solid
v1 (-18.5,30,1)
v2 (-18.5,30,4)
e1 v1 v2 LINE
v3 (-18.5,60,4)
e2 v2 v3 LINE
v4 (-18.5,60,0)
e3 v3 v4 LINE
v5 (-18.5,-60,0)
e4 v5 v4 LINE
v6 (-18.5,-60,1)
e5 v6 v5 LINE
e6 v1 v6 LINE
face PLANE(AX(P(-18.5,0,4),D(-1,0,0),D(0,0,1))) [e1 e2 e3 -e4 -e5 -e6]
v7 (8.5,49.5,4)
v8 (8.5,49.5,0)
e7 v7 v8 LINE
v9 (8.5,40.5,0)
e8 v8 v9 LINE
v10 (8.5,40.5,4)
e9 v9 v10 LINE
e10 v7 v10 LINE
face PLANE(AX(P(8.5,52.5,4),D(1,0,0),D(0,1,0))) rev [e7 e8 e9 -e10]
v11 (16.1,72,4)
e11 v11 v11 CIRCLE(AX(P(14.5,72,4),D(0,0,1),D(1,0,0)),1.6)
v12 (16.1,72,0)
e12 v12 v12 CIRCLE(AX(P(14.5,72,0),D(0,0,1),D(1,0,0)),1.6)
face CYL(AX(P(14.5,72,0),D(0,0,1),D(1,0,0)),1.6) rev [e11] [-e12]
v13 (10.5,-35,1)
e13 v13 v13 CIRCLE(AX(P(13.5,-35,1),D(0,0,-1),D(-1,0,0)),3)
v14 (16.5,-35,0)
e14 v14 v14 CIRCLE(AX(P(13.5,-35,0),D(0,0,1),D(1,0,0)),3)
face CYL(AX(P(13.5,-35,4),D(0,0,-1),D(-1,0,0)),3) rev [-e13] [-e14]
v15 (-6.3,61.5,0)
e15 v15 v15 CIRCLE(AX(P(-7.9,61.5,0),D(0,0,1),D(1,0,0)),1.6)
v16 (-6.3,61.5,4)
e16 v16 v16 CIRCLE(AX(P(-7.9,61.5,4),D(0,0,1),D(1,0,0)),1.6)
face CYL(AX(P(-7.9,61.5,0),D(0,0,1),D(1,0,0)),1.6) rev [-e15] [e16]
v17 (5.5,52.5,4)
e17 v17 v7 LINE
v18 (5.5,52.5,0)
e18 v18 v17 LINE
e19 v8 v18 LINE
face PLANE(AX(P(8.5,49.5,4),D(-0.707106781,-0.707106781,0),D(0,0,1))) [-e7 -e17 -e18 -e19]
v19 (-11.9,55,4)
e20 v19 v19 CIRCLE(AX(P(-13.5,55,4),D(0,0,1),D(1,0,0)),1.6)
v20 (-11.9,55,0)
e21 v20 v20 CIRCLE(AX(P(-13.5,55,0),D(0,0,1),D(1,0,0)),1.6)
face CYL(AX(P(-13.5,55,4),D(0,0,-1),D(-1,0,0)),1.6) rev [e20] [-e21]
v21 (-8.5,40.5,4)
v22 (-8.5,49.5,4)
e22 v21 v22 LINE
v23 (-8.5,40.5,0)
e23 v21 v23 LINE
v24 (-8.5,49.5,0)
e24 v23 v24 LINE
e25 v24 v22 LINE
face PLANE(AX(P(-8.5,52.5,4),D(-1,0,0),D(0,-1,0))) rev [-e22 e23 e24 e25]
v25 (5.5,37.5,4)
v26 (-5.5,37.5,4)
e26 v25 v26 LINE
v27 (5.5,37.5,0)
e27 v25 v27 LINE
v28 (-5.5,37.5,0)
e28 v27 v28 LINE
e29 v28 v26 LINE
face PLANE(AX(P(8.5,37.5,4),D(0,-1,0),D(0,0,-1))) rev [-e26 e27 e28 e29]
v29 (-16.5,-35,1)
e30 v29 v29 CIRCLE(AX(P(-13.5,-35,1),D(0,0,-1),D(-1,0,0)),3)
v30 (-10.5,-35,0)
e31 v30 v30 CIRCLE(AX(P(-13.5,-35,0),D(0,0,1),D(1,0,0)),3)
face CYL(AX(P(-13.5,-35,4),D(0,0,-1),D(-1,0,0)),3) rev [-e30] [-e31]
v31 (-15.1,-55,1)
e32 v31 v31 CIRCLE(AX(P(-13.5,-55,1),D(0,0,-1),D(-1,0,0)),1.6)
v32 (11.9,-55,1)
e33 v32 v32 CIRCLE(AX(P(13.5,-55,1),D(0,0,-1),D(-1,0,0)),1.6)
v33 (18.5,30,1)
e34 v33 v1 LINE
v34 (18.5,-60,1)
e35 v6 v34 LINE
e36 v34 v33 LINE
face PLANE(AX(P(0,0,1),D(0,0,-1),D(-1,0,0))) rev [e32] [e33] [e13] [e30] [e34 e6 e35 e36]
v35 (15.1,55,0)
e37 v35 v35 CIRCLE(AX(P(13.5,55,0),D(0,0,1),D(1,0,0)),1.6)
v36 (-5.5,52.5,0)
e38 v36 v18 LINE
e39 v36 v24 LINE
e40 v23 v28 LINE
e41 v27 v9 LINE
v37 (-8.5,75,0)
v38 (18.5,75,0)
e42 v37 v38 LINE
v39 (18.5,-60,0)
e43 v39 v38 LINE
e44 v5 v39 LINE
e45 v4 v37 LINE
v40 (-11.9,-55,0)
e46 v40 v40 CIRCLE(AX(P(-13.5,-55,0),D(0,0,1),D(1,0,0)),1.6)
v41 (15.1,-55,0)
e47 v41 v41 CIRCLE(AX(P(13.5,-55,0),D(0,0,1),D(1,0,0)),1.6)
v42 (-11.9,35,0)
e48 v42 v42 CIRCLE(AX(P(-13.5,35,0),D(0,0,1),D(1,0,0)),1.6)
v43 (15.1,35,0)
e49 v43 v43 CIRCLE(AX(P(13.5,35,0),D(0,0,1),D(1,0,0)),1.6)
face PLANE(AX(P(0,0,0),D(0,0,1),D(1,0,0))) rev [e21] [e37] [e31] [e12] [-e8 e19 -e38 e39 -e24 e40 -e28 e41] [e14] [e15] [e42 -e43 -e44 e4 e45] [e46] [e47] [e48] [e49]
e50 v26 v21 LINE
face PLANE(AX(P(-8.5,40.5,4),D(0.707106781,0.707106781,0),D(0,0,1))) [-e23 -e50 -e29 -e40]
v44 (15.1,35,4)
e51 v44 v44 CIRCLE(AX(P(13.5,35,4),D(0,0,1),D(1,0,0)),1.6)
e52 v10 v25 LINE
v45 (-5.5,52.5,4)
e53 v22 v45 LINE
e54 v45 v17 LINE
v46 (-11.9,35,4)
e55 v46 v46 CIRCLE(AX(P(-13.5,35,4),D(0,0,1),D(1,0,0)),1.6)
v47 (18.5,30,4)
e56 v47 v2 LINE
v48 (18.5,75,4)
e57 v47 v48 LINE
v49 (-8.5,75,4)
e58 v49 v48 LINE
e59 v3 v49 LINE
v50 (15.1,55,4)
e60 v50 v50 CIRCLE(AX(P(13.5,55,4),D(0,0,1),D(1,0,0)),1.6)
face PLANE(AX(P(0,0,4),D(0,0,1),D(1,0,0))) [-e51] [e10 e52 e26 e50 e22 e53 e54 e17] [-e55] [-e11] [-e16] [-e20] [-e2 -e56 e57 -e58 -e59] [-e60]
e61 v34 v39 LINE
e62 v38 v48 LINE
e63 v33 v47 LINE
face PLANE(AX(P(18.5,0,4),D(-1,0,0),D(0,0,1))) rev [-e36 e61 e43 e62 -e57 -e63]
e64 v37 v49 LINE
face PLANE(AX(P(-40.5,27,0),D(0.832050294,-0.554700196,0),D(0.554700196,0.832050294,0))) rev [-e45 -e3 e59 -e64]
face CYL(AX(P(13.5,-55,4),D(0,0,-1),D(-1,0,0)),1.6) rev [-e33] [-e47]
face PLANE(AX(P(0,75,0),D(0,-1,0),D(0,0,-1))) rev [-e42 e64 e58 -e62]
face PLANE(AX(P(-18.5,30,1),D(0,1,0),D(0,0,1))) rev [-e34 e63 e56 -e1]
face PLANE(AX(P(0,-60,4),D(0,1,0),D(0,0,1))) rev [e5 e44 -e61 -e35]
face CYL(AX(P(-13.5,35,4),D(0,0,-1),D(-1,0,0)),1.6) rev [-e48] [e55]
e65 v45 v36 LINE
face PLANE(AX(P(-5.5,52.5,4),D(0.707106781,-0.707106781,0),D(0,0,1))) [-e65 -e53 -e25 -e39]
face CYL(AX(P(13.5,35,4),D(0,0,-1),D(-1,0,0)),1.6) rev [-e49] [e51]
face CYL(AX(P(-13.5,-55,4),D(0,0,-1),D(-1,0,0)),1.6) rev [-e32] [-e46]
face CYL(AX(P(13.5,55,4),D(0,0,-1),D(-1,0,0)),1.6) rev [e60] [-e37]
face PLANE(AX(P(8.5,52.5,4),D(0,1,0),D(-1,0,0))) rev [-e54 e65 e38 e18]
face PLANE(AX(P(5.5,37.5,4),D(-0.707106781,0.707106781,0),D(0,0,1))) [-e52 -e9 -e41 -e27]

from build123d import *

# Parameters (mm, degrees)
SKETCH_1_W          = 37
SKETCH_1_H          = 120
SKETCH_1_R          = 1.6
SKETCH_1_R_2        = 3
EXTRUDE_1_DEPTH     = 4
SKETCH_2_W          = 37
SKETCH_2_H          = 90
CUT_EXTRUDE_1_DEPTH = 3
SKETCH_3_W          = 17
SKETCH_3_H          = 15
CUT_EXTRUDE_2_DEPTH = 63.914624691
CHAMFER_1_SIZE      = 3
EXTRUDE_2_DEPTH     = 4
SKETCH_5_R          = 1.6
CUT_EXTRUDE_3_DEPTH = 78.351470574


with BuildPart() as part:
    # ｽｹｯﾁ1 → ﾎﾞｽ - 押し出し1 (new body)
    # profile 1 of 2: a face of its own
    with BuildSketch(Plane.XY):
        Rectangle(SKETCH_1_W, SKETCH_1_H)
        with Locations((13.5, -55)):
            Circle(SKETCH_1_R, mode=Mode.SUBTRACT)
        with Locations((13.5, -35)):
            Circle(SKETCH_1_R_2, mode=Mode.SUBTRACT)
        with Locations((-13.5, -55)):
            Circle(SKETCH_1_R, mode=Mode.SUBTRACT)
        with Locations((-13.5, -35)):
            Circle(SKETCH_1_R_2, mode=Mode.SUBTRACT)
        with Locations((13.5, 35)):
            Circle(SKETCH_1_R, mode=Mode.SUBTRACT)
        with Locations((13.5, 55)):
            Circle(SKETCH_1_R, mode=Mode.SUBTRACT)
        with Locations((-13.5, 35)):
            Circle(SKETCH_1_R, mode=Mode.SUBTRACT)
        with Locations((-13.5, 55)):
            Circle(SKETCH_1_R, mode=Mode.SUBTRACT)
    # profile 2 of 2: a face of its own
    with BuildSketch(Plane.XY):
        Polygon((-18.5, -25), (-18.5, -60), (18.5, -60), (18.5, 60), (-18.5, 60), (-18.5, 25), align=None)
        with Locations((-13.5, -55)):
            Circle(SKETCH_1_R, mode=Mode.SUBTRACT)
        with Locations((-13.5, -35)):
            Circle(SKETCH_1_R_2, mode=Mode.SUBTRACT)
        with Locations((13.5, -55)):
            Circle(SKETCH_1_R, mode=Mode.SUBTRACT)
        with Locations((13.5, -35)):
            Circle(SKETCH_1_R_2, mode=Mode.SUBTRACT)
        with Locations((-13.5, 35)):
            Circle(SKETCH_1_R, mode=Mode.SUBTRACT)
        with Locations((-13.5, 55)):
            Circle(SKETCH_1_R, mode=Mode.SUBTRACT)
        with Locations((13.5, 35)):
            Circle(SKETCH_1_R, mode=Mode.SUBTRACT)
        with Locations((13.5, 55)):
            Circle(SKETCH_1_R, mode=Mode.SUBTRACT)
    extrude(amount=EXTRUDE_1_DEPTH)

    # ｽｹｯﾁ2 → ｶｯﾄ - 押し出し1 (cut)
    with BuildSketch(Plane.XY.offset(4)):
        with Locations((0, -15)):
            Rectangle(SKETCH_2_W, SKETCH_2_H)
    extrude(amount=-CUT_EXTRUDE_1_DEPTH, mode=Mode.SUBTRACT)

    # ｽｹｯﾁ3 → ｶｯﾄ - 押し出し2 (cut, through all)
    with BuildSketch(Plane(origin=(0, 0, 0), x_dir=(-1, 0, 0), z_dir=(0, 0, -1))):
        with Locations((0, 45)):
            Rectangle(SKETCH_3_W, SKETCH_3_H)
    extrude(amount=-CUT_EXTRUDE_2_DEPTH, mode=Mode.SUBTRACT)

    # 面取り1
    chamfer_1_edges = [part.edges().sort_by_distance(p)[0] for p in [
        (8.5, 37.5, 2),
        (8.5, 52.5, 2),
        (-8.5, 52.5, 2),
        (-8.5, 37.5, 2),
    ]]
    chamfer(chamfer_1_edges, length=CHAMFER_1_SIZE)

    # ｽｹｯﾁ4 → ﾎﾞｽ - 押し出し2 (add, through all)
    with BuildSketch(Plane.XY.offset(4)):
        Polygon((18.5, 75), (18.5, 60), (-18.5, 60), (-8.5, 75), align=None)
    extrude(amount=-EXTRUDE_2_DEPTH)

    # ｽｹｯﾁ5 → ｶｯﾄ - 押し出し3 (cut, through all)
    with BuildSketch(Plane.XY.offset(4)):
        with Locations((14.5, 72)):
            Circle(SKETCH_5_R)
        with Locations((-7.9, 61.5)):
            Circle(SKETCH_5_R)
    extrude(amount=-CUT_EXTRUDE_3_DEPTH, mode=Mode.SUBTRACT)


solid = part.part
